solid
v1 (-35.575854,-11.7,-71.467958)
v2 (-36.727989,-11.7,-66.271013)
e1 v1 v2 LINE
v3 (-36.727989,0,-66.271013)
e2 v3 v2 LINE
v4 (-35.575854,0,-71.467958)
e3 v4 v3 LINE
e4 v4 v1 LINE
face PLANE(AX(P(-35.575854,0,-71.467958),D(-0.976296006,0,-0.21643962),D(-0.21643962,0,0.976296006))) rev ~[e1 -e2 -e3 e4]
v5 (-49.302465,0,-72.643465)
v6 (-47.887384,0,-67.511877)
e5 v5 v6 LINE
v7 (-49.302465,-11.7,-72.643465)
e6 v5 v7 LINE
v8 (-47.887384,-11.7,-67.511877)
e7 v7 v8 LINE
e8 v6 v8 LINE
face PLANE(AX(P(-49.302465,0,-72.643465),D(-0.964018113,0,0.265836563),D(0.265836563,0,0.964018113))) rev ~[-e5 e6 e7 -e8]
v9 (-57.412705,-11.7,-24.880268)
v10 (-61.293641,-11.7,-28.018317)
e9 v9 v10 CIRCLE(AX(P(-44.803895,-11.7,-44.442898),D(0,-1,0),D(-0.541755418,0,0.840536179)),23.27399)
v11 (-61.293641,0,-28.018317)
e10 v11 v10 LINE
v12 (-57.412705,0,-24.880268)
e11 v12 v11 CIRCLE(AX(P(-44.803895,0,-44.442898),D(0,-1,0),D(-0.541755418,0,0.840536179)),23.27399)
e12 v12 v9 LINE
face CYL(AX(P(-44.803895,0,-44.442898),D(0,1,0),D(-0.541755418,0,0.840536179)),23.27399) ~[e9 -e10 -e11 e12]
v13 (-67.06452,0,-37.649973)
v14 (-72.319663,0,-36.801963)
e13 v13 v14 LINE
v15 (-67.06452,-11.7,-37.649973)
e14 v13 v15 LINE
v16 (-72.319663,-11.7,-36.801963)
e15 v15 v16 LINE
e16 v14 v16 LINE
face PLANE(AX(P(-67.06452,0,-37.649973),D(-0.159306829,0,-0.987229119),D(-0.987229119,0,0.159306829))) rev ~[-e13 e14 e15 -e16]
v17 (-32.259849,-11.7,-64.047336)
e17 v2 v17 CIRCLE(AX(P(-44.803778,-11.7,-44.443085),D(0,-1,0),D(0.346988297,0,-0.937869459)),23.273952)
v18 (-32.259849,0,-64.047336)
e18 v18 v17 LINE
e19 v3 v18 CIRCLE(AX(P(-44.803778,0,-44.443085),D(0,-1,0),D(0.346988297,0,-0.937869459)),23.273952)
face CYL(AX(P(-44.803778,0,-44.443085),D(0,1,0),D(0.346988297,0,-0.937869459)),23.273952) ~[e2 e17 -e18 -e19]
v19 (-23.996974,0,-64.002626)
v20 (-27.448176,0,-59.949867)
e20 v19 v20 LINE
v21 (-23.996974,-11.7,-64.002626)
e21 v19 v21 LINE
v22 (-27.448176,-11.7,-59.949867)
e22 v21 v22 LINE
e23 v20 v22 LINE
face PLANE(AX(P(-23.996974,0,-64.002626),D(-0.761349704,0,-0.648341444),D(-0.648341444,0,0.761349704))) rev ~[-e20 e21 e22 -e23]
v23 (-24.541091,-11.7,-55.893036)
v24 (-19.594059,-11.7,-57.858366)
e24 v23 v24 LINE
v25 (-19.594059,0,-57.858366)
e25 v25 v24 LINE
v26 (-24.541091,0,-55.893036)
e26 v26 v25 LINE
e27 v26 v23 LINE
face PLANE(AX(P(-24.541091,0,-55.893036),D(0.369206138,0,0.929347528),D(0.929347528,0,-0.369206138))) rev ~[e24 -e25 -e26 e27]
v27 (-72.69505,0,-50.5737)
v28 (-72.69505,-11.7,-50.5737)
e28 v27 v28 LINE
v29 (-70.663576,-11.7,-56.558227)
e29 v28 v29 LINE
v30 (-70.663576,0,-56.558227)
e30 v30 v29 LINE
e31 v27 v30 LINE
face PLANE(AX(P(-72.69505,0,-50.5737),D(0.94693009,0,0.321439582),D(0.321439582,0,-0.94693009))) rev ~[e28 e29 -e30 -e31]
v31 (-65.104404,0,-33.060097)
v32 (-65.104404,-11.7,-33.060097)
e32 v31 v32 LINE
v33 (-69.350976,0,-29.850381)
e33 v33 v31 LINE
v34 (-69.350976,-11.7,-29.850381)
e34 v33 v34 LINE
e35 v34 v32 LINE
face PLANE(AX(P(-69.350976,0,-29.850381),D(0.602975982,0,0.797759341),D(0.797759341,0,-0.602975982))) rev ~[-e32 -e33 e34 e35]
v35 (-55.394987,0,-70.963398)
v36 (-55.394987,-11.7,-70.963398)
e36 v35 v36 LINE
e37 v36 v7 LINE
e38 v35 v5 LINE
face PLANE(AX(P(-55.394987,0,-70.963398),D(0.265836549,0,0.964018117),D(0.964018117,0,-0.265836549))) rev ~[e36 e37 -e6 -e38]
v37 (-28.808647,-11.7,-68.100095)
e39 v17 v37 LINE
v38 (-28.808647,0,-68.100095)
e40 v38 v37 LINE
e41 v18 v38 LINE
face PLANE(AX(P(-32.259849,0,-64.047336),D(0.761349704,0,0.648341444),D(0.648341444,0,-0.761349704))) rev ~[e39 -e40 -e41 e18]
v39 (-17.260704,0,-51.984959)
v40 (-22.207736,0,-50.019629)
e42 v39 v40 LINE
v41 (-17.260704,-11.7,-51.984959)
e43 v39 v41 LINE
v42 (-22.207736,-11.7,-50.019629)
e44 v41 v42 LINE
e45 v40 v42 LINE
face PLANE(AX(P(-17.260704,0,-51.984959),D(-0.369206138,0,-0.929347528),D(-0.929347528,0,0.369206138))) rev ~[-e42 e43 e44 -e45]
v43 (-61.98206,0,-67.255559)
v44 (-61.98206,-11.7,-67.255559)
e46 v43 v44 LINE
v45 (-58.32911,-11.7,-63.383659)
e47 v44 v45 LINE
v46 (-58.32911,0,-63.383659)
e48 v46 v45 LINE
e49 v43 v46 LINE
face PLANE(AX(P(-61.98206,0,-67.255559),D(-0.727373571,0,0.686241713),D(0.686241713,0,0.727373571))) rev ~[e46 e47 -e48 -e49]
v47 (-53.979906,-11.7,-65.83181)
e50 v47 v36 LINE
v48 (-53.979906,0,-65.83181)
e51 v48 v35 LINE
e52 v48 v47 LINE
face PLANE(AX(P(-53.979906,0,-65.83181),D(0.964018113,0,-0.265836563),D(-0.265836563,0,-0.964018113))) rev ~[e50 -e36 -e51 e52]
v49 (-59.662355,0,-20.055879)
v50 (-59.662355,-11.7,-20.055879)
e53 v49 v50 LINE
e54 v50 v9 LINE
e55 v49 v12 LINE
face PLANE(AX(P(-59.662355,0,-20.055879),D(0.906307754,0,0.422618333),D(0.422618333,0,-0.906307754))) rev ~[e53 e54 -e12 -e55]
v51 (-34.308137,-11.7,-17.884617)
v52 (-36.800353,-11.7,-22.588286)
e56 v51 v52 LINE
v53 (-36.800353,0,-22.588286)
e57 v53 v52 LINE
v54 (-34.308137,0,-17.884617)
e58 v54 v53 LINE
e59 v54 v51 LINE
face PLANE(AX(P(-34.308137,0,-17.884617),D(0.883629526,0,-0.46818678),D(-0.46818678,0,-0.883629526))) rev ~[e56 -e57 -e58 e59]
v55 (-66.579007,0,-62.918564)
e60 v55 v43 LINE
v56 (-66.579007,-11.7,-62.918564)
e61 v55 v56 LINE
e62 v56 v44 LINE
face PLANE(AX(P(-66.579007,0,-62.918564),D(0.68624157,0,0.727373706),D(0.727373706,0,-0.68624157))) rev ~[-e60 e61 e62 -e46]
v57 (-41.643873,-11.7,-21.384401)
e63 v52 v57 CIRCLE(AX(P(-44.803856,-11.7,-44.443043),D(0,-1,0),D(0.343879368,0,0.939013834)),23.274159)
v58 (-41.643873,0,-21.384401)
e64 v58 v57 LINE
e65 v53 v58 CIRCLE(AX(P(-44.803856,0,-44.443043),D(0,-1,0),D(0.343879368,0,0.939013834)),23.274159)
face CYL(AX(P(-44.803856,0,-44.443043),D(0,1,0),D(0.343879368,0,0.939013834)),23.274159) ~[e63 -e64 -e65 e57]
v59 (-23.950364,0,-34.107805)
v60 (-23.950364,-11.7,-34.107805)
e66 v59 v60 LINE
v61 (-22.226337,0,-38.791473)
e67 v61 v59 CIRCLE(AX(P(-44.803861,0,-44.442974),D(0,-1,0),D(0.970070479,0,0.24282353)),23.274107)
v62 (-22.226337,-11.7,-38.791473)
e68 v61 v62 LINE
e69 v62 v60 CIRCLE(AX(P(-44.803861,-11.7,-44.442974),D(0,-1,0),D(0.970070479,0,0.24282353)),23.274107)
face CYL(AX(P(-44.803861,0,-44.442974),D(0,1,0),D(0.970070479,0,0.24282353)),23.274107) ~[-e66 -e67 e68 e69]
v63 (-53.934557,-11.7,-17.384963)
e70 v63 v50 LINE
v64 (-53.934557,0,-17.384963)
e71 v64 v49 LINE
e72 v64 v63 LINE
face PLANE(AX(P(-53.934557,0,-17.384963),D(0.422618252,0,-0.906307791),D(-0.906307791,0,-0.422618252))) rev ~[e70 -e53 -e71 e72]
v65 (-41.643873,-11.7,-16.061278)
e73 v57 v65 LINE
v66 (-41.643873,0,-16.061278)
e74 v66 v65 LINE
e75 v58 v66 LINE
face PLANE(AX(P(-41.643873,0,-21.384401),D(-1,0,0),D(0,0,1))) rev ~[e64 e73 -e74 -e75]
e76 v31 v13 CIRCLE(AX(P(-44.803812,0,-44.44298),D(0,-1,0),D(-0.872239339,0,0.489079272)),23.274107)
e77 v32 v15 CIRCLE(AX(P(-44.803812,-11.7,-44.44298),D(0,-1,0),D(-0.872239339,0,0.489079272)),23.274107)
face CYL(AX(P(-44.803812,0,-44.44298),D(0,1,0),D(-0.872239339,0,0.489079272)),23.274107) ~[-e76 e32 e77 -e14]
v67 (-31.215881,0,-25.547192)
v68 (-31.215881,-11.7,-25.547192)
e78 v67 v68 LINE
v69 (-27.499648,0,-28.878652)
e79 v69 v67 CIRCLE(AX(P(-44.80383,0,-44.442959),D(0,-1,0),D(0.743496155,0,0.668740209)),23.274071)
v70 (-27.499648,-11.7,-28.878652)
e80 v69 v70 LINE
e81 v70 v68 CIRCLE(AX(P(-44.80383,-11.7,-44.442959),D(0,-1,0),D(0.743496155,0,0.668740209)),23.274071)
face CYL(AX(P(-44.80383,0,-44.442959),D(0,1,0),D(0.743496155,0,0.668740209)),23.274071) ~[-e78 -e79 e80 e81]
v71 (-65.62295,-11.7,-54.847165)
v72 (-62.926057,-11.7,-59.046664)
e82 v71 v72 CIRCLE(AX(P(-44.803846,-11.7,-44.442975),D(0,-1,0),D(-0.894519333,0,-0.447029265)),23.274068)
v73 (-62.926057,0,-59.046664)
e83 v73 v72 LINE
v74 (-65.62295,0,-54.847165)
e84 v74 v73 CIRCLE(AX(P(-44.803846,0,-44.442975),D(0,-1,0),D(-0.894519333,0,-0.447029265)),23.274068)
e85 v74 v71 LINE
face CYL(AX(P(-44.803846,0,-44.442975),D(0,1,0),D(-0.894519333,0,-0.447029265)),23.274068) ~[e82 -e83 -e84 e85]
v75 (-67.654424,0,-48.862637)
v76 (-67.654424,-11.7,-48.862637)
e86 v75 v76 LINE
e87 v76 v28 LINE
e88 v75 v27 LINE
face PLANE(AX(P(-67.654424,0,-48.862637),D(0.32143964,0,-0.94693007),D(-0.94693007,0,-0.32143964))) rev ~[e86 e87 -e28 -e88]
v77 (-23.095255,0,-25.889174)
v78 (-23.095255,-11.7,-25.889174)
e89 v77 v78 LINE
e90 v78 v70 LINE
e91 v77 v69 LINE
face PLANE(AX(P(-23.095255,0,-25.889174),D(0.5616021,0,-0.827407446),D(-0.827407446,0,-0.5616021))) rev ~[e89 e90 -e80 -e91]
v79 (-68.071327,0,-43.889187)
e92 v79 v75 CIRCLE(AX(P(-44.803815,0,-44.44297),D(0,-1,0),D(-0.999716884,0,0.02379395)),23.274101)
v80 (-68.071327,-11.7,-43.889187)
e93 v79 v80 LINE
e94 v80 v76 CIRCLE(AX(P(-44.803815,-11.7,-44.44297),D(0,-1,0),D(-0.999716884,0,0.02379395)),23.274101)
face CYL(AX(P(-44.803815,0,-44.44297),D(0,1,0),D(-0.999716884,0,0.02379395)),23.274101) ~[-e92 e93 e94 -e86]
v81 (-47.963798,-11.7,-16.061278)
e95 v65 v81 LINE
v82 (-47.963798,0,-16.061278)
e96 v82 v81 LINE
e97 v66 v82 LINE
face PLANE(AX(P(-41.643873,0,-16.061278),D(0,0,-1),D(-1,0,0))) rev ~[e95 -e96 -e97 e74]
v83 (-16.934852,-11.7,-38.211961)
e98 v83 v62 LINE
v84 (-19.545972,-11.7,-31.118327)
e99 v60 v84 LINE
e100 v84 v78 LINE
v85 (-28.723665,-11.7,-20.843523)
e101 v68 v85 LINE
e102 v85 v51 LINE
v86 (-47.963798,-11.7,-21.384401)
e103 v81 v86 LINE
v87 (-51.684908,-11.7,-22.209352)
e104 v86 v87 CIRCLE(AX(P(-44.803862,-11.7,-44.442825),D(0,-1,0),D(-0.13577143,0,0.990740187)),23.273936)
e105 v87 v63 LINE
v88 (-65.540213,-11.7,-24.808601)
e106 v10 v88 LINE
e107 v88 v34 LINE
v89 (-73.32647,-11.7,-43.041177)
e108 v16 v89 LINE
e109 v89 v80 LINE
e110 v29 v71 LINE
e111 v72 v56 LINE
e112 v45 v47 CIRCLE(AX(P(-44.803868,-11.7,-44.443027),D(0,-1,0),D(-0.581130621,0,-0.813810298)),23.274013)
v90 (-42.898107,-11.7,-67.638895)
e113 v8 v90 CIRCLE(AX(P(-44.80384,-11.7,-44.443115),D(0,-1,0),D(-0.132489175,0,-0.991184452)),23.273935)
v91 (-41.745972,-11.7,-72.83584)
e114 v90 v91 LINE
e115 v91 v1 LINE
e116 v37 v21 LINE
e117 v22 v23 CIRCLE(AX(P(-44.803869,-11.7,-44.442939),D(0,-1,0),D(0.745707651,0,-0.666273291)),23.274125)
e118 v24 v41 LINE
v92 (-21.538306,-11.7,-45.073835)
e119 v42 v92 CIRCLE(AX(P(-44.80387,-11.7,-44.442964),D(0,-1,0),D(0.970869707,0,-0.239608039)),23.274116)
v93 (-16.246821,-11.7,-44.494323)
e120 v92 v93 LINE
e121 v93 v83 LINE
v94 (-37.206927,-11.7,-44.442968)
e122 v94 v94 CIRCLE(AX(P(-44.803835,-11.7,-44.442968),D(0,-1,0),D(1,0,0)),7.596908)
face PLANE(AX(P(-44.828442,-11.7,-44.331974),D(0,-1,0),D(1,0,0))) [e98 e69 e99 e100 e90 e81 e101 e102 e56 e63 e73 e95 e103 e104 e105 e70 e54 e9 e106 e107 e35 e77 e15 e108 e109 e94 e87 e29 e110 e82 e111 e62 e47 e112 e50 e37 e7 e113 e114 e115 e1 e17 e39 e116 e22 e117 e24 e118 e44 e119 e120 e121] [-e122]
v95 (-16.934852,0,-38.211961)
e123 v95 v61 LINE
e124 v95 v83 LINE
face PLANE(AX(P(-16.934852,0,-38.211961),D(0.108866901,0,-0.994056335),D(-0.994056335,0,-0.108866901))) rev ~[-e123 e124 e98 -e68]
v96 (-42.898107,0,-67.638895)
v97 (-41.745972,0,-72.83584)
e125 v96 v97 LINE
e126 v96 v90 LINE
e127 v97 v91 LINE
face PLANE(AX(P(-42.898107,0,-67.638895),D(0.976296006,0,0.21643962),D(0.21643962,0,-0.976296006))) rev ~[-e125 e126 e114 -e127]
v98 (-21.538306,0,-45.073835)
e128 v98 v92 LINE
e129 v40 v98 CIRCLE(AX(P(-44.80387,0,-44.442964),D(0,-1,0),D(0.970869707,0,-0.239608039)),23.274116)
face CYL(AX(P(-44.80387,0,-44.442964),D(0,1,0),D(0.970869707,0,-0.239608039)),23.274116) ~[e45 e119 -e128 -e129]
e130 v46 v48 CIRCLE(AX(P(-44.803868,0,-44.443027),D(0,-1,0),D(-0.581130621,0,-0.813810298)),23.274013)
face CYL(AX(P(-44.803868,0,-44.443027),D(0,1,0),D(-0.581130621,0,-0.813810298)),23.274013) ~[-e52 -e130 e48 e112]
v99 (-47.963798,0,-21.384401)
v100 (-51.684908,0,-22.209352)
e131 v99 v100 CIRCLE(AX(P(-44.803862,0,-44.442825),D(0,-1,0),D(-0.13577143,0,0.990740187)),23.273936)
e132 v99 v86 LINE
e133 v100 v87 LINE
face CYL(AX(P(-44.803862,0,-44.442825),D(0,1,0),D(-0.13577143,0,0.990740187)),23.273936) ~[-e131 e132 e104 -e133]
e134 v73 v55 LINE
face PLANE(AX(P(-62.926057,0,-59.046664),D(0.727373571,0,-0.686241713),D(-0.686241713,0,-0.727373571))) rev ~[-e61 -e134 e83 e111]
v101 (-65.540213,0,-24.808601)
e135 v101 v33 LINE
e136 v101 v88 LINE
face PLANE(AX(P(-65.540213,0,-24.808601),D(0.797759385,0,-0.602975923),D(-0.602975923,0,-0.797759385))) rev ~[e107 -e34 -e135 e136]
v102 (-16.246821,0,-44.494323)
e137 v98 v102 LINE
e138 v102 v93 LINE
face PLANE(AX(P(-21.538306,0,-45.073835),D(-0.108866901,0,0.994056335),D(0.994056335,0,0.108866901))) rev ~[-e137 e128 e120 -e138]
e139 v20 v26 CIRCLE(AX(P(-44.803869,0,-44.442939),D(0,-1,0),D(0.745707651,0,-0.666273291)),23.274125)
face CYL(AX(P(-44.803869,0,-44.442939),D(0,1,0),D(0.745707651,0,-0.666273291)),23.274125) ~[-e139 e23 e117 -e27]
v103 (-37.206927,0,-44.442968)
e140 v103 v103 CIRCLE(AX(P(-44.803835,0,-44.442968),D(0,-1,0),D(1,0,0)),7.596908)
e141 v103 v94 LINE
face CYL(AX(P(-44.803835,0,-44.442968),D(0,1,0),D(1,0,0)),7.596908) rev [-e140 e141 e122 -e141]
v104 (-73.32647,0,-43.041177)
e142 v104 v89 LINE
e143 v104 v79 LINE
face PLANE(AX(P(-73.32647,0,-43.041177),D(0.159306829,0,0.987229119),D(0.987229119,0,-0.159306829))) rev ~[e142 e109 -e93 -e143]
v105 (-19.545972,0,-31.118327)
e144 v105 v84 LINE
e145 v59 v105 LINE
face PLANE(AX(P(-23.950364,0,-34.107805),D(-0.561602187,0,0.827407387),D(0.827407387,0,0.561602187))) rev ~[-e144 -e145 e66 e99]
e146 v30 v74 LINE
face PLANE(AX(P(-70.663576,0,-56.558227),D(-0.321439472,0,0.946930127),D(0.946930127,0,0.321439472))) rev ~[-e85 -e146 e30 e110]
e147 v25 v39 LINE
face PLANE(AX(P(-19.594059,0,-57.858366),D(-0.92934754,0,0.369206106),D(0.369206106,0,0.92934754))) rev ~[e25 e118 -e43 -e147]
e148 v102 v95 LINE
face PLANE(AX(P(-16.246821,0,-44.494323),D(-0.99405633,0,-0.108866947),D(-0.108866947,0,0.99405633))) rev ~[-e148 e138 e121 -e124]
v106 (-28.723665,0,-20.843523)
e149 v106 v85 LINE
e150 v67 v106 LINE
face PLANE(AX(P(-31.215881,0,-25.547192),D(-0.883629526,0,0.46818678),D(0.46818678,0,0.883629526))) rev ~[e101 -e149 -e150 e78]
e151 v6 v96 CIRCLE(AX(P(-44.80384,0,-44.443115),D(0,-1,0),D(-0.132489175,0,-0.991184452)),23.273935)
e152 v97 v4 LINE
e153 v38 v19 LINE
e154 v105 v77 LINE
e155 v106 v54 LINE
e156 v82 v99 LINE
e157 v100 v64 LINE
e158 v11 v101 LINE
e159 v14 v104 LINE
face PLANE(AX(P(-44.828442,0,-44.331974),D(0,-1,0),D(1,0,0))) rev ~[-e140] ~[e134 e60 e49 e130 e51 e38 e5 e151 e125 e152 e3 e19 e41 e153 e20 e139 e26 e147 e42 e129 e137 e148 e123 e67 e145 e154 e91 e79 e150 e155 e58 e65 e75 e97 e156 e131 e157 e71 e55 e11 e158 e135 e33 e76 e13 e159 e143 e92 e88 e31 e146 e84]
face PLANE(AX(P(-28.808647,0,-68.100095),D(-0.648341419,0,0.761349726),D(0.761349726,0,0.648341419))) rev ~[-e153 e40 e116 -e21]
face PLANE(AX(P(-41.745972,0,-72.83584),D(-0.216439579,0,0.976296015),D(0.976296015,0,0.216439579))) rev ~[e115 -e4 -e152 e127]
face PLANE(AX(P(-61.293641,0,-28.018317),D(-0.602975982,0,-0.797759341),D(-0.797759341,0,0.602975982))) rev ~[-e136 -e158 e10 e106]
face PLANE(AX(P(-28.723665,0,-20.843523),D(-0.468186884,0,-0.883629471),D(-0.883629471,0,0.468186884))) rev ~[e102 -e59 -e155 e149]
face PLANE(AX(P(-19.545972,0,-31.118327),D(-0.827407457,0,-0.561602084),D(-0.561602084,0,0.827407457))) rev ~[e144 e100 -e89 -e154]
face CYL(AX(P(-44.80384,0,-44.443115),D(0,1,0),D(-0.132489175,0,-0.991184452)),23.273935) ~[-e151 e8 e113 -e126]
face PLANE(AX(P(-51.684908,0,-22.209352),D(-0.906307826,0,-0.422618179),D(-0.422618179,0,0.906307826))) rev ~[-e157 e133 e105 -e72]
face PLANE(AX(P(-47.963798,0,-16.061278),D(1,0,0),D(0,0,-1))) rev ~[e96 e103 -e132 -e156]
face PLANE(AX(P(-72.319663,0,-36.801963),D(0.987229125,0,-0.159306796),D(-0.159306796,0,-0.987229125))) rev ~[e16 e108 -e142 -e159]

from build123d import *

# Parameters (mm, degrees)
F0_R     = 7.596908
F1_DEPTH = 11.7


with BuildPart() as f1:
    # F0 (on Front) → F1 (new body)
    with BuildSketch(Plane.XZ):
        with BuildLine():
            Line((-59.662355, -20.055879), (-57.412705, -24.880268))
            ThreePointArc((-57.412705, -24.880268), (-59.437532, -26.344963), (-61.293641, -28.018317))
            Line((-61.293641, -28.018317), (-65.540213, -24.808601))
            Line((-65.540213, -24.808601), (-69.350976, -29.850381))
            Line((-69.350976, -29.850381), (-65.104404, -33.060097))
            ThreePointArc((-65.104404, -33.060097), (-66.207849, -35.302342), (-67.06452, -37.649973))
            Line((-67.06452, -37.649973), (-72.319663, -36.801963))
            Line((-72.319663, -36.801963), (-73.32647, -43.041177))
            Line((-73.32647, -43.041177), (-68.071327, -43.889187))
            ThreePointArc((-68.071327, -43.889187), (-67.996574, -46.38712), (-67.654424, -48.862637))
            Line((-67.654424, -48.862637), (-72.69505, -50.5737))
            Line((-72.69505, -50.5737), (-70.663576, -56.558227))
            Line((-70.663576, -56.558227), (-65.62295, -54.847165))
            ThreePointArc((-65.62295, -54.847165), (-64.387397, -57.019413), (-62.926057, -59.046664))
            Line((-62.926057, -59.046664), (-66.579007, -62.918564))
            Line((-66.579007, -62.918564), (-61.98206, -67.255559))
            Line((-61.98206, -67.255559), (-58.32911, -63.383659))
            ThreePointArc((-58.32911, -63.383659), (-56.220321, -64.724652), (-53.979906, -65.83181))
            Line((-53.979906, -65.83181), (-55.394987, -70.963398))
            Line((-55.394987, -70.963398), (-49.302465, -72.643465))
            Line((-49.302465, -72.643465), (-47.887384, -67.511877))
            ThreePointArc((-47.887384, -67.511877), (-45.39616, -67.709511), (-42.898107, -67.638895))
            Line((-42.898107, -67.638895), (-41.745972, -72.83584))
            Line((-41.745972, -72.83584), (-35.575854, -71.467958))
            Line((-35.575854, -71.467958), (-36.727989, -66.271013))
            ThreePointArc((-36.727989, -66.271013), (-34.434141, -65.27929), (-32.259849, -64.047336))
            Line((-32.259849, -64.047336), (-28.808647, -68.100095))
            Line((-28.808647, -68.100095), (-23.996974, -64.002626))
            Line((-23.996974, -64.002626), (-27.448176, -59.949867))
            ThreePointArc((-27.448176, -59.949867), (-25.885576, -57.999601), (-24.541091, -55.893036))
            Line((-24.541091, -55.893036), (-19.594059, -57.858366))
            Line((-19.594059, -57.858366), (-17.260704, -51.984959))
            Line((-17.260704, -51.984959), (-22.207736, -50.019629))
            ThreePointArc((-22.207736, -50.019629), (-21.740066, -47.564728), (-21.538306, -45.073835))
            Line((-21.538306, -45.073835), (-16.246821, -44.494323))
            Line((-16.246821, -44.494323), (-16.934852, -38.211961))
            Line((-16.934852, -38.211961), (-22.226337, -38.791473))
            ThreePointArc((-22.226337, -38.791473), (-22.962442, -36.403293), (-23.950364, -34.107805))
            Line((-23.950364, -34.107805), (-19.545972, -31.118327))
            Line((-19.545972, -31.118327), (-23.095255, -25.889174))
            Line((-23.095255, -25.889174), (-27.499648, -28.878652))
            ThreePointArc((-27.499648, -28.878652), (-29.268207, -27.11302), (-31.215881, -25.547192))
            Line((-31.215881, -25.547192), (-28.723665, -20.843523))
            Line((-28.723665, -20.843523), (-34.308137, -17.884617))
            Line((-34.308137, -17.884617), (-36.800353, -22.588286))
            ThreePointArc((-36.800353, -22.588286), (-39.18975, -21.856138), (-41.643873, -21.384401))
            Line((-41.643873, -21.384401), (-41.643873, -16.061278))
            Line((-41.643873, -16.061278), (-47.963798, -16.061278))
            Line((-47.963798, -16.061278), (-47.963798, -21.384401))
            ThreePointArc((-47.963798, -21.384401), (-49.841269, -21.720575), (-51.684908, -22.209352))
            Line((-51.684908, -22.209352), (-53.934557, -17.384963))
            Line((-53.934557, -17.384963), (-59.662355, -20.055879))
        make_face()
        with Locations((-44.803835, -44.442968)):
            Circle(F0_R, mode=Mode.SUBTRACT)
    extrude(amount=F1_DEPTH)


solid = f1.part
